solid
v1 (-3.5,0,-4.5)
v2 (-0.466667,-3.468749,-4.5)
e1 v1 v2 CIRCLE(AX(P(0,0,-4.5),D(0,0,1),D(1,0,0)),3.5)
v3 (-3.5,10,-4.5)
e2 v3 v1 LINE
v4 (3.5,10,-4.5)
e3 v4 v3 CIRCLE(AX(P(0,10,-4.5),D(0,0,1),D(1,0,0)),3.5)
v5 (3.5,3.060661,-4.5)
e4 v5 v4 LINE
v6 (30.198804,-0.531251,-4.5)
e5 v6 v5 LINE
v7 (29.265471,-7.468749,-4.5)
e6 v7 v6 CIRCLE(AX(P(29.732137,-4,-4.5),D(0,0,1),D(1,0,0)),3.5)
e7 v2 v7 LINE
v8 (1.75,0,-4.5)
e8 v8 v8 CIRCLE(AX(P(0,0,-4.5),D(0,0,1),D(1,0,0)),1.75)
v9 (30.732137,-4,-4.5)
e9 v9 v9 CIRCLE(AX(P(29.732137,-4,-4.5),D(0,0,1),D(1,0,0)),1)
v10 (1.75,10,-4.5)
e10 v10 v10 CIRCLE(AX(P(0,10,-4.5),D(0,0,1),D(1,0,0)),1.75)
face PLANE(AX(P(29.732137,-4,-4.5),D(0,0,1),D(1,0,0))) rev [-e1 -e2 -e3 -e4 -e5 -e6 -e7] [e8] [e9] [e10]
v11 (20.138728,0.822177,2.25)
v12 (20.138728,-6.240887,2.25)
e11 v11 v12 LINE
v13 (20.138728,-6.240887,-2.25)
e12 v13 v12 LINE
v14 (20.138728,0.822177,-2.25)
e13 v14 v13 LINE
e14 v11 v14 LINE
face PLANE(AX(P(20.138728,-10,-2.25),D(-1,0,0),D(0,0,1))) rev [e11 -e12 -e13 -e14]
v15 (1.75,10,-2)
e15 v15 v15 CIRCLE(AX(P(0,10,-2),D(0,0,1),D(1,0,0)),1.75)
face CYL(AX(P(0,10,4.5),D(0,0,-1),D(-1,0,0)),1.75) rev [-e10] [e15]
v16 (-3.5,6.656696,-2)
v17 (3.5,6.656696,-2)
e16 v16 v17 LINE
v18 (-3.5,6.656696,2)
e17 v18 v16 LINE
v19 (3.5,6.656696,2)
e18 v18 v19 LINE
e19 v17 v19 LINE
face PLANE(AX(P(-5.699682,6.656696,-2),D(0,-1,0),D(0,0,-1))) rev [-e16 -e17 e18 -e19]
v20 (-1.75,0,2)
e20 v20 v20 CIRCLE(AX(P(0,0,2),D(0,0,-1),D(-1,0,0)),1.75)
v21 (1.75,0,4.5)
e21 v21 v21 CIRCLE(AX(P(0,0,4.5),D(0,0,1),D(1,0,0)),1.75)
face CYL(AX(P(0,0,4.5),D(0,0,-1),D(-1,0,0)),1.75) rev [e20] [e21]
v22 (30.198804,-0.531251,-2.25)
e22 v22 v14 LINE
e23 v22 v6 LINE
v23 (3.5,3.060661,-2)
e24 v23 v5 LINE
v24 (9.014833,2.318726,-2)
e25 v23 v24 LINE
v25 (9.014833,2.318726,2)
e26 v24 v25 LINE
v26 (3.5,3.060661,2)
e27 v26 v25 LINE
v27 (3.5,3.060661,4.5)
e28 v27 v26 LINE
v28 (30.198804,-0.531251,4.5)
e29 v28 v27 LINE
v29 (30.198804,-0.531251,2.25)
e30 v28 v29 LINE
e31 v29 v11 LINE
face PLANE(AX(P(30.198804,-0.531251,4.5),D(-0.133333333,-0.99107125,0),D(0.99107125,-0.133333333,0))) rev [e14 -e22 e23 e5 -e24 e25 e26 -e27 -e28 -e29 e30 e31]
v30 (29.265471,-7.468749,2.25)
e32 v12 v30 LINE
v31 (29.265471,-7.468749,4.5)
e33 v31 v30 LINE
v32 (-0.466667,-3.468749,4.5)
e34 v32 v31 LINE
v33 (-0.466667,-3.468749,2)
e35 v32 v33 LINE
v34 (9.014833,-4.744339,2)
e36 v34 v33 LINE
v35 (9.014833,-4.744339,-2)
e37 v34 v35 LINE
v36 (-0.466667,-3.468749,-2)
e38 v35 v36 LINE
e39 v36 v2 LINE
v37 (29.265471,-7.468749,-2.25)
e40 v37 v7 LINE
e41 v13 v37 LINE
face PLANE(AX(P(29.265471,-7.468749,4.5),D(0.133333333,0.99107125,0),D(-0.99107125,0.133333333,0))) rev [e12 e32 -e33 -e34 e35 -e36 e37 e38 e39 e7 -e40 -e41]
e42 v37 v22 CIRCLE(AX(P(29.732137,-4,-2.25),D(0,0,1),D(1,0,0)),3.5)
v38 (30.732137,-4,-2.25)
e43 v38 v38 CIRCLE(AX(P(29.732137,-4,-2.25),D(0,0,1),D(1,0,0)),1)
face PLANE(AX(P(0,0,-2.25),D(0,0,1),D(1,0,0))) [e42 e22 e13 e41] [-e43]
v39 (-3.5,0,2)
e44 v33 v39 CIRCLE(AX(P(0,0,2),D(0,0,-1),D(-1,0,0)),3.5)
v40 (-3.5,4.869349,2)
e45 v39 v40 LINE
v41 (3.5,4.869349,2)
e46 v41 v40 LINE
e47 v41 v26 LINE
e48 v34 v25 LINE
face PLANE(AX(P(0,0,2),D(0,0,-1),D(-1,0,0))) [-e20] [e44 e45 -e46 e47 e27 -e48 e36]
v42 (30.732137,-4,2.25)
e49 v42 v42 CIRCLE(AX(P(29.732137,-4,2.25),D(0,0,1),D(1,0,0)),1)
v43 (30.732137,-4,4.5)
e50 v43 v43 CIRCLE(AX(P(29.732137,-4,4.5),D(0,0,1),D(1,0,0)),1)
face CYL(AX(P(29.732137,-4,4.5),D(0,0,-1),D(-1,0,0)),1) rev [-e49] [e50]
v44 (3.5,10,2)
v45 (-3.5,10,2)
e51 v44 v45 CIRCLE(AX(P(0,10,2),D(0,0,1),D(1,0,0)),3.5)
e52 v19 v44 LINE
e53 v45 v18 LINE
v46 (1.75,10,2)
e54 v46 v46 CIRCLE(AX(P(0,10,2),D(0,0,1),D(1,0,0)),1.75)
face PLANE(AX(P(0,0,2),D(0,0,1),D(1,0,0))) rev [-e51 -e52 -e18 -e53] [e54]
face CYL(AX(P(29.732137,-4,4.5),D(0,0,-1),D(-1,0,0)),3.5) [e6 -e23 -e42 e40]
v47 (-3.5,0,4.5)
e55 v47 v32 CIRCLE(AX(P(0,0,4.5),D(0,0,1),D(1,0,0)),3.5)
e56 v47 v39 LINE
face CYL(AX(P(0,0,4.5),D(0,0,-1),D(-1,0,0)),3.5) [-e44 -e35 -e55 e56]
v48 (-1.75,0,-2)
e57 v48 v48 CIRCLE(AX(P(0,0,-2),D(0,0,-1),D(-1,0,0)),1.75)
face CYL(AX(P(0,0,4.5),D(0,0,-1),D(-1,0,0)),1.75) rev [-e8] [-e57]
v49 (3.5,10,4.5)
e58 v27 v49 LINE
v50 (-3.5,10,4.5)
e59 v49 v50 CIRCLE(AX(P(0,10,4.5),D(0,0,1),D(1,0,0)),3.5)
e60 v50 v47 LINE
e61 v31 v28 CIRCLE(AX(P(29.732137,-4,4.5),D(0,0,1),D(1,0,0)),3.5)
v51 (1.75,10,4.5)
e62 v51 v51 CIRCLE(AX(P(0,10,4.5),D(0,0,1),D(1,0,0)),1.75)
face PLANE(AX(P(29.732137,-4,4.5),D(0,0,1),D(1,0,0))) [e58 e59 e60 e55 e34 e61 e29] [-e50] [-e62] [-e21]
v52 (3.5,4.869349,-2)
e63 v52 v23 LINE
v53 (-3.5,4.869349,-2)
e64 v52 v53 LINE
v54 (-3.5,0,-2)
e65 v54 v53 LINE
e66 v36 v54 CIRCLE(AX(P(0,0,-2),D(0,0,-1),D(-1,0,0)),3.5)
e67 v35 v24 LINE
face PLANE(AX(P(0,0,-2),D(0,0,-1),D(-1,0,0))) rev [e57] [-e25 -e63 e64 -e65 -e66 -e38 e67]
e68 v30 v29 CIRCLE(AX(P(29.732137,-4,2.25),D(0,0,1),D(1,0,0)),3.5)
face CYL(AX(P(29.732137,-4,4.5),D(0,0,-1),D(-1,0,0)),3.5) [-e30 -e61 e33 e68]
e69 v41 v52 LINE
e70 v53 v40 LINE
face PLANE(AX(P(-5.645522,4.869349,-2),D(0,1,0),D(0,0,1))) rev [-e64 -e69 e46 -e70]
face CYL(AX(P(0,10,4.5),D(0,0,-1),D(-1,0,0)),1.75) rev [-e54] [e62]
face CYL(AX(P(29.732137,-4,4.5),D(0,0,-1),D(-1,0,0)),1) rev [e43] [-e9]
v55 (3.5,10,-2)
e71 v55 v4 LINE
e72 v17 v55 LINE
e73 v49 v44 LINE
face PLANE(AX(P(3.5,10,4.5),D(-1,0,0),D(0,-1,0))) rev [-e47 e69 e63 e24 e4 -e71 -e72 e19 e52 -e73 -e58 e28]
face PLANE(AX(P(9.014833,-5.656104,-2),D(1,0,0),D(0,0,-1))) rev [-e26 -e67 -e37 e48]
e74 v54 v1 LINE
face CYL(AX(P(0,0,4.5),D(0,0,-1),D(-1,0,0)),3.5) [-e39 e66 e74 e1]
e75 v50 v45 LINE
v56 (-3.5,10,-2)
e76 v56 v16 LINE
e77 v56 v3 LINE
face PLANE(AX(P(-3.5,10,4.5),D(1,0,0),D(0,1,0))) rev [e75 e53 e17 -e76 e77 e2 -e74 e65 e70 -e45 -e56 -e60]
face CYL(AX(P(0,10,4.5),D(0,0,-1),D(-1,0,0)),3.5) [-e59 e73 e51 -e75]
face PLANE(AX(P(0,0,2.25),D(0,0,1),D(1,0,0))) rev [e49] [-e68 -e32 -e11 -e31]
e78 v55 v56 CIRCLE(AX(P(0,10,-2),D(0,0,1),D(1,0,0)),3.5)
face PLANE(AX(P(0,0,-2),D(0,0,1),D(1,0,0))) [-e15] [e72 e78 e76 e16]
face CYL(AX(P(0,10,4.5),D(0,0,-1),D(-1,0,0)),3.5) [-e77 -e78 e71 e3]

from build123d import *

# Parameters (mm, degrees)
SKETCH_1_R          = 1.75
SKETCH_1_R_2        = 1
EXTRUDE_1_DEPTH     = 4.5
SKETCH_5_W          = 9.199682462
SKETCH_5_H          = 9.813167506
SKETCH_5_W_2        = 14.660354758
SKETCH_5_H_2        = 10.525453646
CUT_EXTRUDE_3_DEPTH = 2
SKETCH_6_W          = 19.186818514
SKETCH_6_H          = 12
CUT_EXTRUDE_4_DEPTH = 2.25


with BuildPart() as part:
    # 草图1 → 凸台-拉伸1 (new, symmetric)
    with BuildSketch(Plane.XY):
        with BuildLine():
            Line((29.265470828, -7.468749374), (-0.466666667, -3.468749374))
            ThreePointArc((-0.466666667, -3.468749374), (-2.634704284, -2.30398206), (-3.5, 0))
            Line((-3.5, 0), (-3.5, 10))
            ThreePointArc((-3.5, 10), (0, 13.5), (3.5, 10))
            Line((3.5, 10), (3.5, 3.060661213))
            Line((3.5, 3.060661213), (30.198804161, -0.531250626))
            ThreePointArc((30.198804161, -0.531250626), (33.200886869, -4.466666667), (29.265470828, -7.468749374))
        make_face()
        Circle(SKETCH_1_R, mode=Mode.SUBTRACT)
        with Locations((0, 10)):
            Circle(SKETCH_1_R, mode=Mode.SUBTRACT)
        with Locations((29.732137495, -4)):
            Circle(SKETCH_1_R_2, mode=Mode.SUBTRACT)
    extrude(amount=EXTRUDE_1_DEPTH, both=True)

    # 草图5 → 切除-拉伸3 (cut, symmetric)
    with BuildSketch(Plane.XY):
        with Locations((-1.099841231, 11.563279791)):
            Rectangle(SKETCH_5_W, SKETCH_5_H)
        with Locations((1.684655549, -0.393377614)):
            Rectangle(SKETCH_5_W_2, SKETCH_5_H_2)
    extrude(amount=CUT_EXTRUDE_3_DEPTH, both=True, mode=Mode.SUBTRACT)

    # 草图6 → 切除-拉伸4 (cut, symmetric)
    with BuildSketch(Plane.XY):
        with Locations((29.732137495, -4)):
            Rectangle(SKETCH_6_W, SKETCH_6_H)
    extrude(amount=CUT_EXTRUDE_4_DEPTH, both=True, mode=Mode.SUBTRACT)


solid = part.part
